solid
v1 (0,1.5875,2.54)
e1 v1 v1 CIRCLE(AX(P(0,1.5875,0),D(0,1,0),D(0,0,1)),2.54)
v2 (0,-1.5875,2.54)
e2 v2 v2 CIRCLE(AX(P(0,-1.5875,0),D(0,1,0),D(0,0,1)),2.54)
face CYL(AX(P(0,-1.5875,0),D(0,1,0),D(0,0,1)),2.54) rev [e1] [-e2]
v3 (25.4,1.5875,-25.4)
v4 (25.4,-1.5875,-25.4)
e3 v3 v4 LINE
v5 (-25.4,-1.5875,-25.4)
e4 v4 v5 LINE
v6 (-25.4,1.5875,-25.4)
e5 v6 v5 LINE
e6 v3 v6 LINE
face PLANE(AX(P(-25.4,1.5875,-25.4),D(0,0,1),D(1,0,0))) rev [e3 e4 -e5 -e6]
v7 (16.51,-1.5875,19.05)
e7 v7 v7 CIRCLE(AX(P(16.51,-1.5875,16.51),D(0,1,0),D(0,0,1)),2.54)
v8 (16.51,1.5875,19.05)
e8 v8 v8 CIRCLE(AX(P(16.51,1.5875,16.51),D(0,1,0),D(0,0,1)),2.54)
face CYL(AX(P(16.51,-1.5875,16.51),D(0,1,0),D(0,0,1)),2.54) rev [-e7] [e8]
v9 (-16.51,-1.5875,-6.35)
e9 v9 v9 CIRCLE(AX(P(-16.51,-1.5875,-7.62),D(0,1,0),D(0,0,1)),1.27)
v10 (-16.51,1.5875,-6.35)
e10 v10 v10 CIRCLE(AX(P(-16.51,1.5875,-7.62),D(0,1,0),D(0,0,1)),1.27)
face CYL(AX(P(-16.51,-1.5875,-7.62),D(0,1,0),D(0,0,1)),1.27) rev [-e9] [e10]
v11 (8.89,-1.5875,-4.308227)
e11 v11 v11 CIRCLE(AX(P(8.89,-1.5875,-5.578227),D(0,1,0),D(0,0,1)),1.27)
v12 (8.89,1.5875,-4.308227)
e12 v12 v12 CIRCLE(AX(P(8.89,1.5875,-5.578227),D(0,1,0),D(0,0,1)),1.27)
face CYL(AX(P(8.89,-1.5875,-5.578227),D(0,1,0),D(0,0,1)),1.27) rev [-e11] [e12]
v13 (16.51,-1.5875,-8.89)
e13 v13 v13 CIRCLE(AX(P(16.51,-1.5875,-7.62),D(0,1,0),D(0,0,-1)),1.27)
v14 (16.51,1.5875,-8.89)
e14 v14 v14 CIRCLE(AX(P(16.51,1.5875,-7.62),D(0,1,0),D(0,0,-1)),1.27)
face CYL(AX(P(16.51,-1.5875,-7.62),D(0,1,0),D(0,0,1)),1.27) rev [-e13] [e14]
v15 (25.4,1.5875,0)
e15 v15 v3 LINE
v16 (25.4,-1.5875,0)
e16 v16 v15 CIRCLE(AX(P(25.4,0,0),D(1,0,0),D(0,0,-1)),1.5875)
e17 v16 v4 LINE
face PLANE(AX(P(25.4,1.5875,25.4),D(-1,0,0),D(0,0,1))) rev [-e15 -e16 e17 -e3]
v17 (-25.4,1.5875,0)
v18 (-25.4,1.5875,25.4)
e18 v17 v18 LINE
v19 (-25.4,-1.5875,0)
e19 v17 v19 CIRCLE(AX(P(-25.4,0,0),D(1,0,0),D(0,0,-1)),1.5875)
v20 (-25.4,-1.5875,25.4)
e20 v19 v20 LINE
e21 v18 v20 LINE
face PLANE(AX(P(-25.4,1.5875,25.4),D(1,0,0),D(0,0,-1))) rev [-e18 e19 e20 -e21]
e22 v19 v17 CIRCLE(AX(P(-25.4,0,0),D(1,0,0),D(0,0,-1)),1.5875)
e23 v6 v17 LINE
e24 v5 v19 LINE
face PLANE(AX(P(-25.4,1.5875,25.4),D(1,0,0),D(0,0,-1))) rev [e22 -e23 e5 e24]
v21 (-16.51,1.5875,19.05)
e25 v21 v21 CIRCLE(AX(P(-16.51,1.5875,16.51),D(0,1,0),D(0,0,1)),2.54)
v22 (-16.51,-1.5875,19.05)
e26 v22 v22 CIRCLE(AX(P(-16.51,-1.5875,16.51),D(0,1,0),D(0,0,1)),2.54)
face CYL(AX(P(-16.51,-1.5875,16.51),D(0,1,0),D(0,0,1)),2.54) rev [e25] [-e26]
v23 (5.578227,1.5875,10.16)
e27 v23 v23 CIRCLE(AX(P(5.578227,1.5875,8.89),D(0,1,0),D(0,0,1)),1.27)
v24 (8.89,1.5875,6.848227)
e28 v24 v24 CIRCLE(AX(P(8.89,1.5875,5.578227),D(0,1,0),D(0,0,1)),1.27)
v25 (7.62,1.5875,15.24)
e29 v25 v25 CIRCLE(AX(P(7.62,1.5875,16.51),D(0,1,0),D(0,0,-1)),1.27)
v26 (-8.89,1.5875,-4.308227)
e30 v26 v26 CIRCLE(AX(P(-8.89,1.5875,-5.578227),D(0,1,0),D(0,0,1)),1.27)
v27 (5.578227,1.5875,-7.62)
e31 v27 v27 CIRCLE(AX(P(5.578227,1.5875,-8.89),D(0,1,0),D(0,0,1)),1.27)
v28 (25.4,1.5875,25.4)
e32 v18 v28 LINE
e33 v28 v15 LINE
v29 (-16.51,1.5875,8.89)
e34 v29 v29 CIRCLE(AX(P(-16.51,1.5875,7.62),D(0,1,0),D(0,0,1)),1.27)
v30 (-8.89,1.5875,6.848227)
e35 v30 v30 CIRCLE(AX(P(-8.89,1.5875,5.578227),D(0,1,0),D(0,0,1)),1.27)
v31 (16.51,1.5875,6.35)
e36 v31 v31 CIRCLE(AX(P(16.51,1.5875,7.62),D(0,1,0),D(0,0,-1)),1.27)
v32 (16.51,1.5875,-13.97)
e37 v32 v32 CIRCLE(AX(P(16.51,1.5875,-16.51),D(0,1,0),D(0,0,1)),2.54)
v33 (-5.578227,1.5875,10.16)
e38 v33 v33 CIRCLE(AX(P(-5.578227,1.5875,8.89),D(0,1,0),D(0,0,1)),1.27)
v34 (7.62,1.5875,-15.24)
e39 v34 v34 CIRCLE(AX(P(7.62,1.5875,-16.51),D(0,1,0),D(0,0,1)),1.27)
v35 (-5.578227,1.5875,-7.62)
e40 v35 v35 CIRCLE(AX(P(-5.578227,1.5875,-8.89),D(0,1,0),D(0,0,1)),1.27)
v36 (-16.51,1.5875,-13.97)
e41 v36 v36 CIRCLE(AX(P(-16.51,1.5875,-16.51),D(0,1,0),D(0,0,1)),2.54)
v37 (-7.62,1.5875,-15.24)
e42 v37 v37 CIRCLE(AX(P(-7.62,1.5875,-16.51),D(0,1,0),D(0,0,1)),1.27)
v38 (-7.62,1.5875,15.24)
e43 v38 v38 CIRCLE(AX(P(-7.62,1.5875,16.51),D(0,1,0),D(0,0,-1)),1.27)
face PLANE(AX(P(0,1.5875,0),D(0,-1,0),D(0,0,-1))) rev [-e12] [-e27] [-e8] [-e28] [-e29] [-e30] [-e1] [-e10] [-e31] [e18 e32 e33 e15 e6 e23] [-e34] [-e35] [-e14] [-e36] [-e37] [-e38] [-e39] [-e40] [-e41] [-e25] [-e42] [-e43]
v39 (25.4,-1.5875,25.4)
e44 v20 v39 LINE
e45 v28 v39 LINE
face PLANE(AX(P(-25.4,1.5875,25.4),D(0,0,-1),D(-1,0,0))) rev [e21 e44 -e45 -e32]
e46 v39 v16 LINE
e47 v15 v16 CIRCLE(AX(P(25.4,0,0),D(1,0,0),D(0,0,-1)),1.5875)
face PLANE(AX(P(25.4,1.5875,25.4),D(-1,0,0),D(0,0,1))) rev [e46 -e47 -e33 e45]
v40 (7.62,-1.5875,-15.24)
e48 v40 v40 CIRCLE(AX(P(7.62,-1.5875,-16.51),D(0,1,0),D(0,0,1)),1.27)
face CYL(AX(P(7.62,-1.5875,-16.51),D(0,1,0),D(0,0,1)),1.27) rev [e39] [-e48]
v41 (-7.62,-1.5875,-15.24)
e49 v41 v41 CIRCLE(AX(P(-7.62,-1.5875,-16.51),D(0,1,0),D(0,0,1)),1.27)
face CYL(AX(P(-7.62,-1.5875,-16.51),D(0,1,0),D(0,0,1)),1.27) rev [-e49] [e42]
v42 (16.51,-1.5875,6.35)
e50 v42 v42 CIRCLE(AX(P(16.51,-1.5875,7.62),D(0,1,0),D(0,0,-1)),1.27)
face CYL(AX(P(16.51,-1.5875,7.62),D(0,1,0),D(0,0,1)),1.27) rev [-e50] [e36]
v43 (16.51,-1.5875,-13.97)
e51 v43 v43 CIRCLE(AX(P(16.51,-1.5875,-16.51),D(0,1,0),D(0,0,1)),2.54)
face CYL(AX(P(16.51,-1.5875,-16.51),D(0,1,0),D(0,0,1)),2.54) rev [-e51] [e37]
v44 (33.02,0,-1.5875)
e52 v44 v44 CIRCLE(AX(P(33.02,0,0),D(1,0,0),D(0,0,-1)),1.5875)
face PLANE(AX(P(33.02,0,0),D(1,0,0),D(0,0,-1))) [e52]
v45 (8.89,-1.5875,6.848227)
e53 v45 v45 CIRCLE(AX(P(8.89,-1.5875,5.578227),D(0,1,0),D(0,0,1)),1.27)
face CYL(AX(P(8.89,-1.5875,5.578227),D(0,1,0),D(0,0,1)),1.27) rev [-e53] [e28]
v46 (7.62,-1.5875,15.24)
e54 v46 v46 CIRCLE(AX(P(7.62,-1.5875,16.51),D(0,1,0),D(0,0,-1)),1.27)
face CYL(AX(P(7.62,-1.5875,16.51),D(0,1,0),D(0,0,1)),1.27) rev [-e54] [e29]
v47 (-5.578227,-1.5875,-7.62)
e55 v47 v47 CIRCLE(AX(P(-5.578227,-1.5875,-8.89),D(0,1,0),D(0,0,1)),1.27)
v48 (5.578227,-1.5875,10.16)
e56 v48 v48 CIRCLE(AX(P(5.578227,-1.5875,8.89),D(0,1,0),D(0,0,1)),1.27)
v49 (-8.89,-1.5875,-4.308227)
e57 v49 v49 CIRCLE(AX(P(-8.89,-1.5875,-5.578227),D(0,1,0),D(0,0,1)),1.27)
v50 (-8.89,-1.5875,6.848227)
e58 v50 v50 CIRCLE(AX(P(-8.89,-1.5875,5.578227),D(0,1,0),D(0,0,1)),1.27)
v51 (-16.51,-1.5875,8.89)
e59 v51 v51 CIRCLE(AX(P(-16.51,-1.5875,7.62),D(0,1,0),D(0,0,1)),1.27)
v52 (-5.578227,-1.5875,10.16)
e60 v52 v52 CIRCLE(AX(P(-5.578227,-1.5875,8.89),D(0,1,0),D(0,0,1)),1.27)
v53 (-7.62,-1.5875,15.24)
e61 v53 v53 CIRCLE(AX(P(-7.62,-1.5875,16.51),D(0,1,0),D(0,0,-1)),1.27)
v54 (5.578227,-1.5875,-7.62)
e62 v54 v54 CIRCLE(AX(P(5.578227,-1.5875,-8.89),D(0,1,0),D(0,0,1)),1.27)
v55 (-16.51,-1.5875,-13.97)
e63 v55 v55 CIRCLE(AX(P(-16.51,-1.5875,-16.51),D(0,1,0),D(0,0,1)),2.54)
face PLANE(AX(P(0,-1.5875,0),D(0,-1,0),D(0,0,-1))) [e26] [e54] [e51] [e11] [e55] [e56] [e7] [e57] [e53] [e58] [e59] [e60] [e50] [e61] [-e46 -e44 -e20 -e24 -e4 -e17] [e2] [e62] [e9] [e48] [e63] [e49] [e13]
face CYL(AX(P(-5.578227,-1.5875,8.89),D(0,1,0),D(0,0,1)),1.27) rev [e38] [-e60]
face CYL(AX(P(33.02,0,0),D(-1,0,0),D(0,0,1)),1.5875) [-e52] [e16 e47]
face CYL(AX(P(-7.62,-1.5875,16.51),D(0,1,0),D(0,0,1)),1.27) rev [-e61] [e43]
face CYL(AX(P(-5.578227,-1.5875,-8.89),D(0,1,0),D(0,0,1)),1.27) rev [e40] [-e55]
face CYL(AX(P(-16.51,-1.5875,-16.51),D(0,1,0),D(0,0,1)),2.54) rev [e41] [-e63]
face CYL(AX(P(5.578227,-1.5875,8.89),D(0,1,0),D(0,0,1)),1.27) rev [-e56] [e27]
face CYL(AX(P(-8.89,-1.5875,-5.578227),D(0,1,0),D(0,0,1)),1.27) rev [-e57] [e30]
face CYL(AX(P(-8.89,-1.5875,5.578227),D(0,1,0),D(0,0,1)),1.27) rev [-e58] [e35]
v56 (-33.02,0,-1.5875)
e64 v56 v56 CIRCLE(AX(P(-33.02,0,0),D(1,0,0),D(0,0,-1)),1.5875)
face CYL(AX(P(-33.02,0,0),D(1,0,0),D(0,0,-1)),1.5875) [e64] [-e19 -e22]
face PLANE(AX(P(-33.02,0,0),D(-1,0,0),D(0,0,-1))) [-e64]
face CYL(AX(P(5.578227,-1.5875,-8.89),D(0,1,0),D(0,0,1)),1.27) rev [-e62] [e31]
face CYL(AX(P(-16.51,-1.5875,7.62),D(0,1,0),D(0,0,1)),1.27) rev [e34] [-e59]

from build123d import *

# Parameters (mm, degrees)
SKETCH1_W           = 50.8
SKETCH1_H           = 50.8
BOSS_EXTRUDE1_DEPTH = 1.5875
SKETCH3_R           = 1.5875
BOSS_EXTRUDE2_DEPTH = 7.62
SKETCH4_R           = 2.54
SKETCH4_R_2         = 1.27
CUT_EXTRUDE1_DEPTH  = 42.77991174


with BuildPart() as part:
    # Sketch1 → Boss-Extrude1 (new, symmetric)
    with BuildSketch(Plane(origin=(0, 0, 0), x_dir=(1, 0, 0), z_dir=(0, 1, 0))):
        Rectangle(SKETCH1_W, SKETCH1_H)
    extrude(amount=BOSS_EXTRUDE1_DEPTH, both=True)

    # Sketch3 → Boss-Extrude2 (add)
    with BuildSketch(Plane(origin=(25.4, 0, 0), x_dir=(0, 0, -1), z_dir=(1, 0, 0))):
        with Locations(Location((0, 0, 0), (0, 0, 270))):
            Circle(SKETCH3_R)
    boss_extrude2 = extrude(amount=BOSS_EXTRUDE2_DEPTH)

    # Mirror1: Boss-Extrude2 across plane
    add(boss_extrude2.mirror(Plane(origin=(0, 0, 0), x_dir=(0, 0, 1), z_dir=(1, 0, 0))))

    # Sketch4 → Cut-Extrude1 (cut, through all)
    with BuildSketch(Plane(origin=(0, 1.5875, 0), x_dir=(1, 0, 0), z_dir=(0, 1, 0))):
        with Locations(Location((0, 0, 0), (0, 0, 270))):
            Circle(SKETCH4_R)
        with Locations(Location((-16.51, 16.51, 0), (0, 0, 270))):
            Circle(SKETCH4_R)
        with Locations(Location((16.51, 16.51, 0), (0, 0, 270))):
            Circle(SKETCH4_R)
        with Locations(Location((16.51, -16.51, 0), (0, 0, 270))):
            Circle(SKETCH4_R)
        with Locations(Location((-16.51, -16.51, 0), (0, 0, 270))):
            Circle(SKETCH4_R)
        with Locations(Location((-16.51, 7.62, 0), (0, 0, 270))):
            Circle(SKETCH4_R_2)
        with Locations(Location((-7.62, 16.51, 0), (0, 0, 270))):
            Circle(SKETCH4_R_2)
        with Locations(Location((7.62, 16.51, 0), (0, 0, 270))):
            Circle(SKETCH4_R_2)
        with Locations(Location((-16.51, -7.62, 0), (0, 0, 270))):
            Circle(SKETCH4_R_2)
        with Locations(Location((7.62, -16.51, 0), (0, 0, 90))):
            Circle(SKETCH4_R_2)
        with Locations(Location((-7.62, -16.51, 0), (0, 0, 90))):
            Circle(SKETCH4_R_2)
        with Locations(Location((16.51, -7.62, 0), (0, 0, 90))):
            Circle(SKETCH4_R_2)
        with Locations(Location((16.51, 7.62, 0), (0, 0, 90))):
            Circle(SKETCH4_R_2)
        with Locations(Location((5.578227154, 8.89, 0), (0, 0, 270))):
            Circle(SKETCH4_R_2)
        with Locations(Location((-5.578227154, 8.89, 0), (0, 0, 270))):
            Circle(SKETCH4_R_2)
        with Locations(Location((8.89, -5.578227154, 0), (0, 0, 270))):
            Circle(SKETCH4_R_2)
        with Locations(Location((8.89, 5.578227154, 0), (0, 0, 270))):
            Circle(SKETCH4_R_2)
        with Locations(Location((-5.578227154, -8.89, 0), (0, 0, 270))):
            Circle(SKETCH4_R_2)
        with Locations(Location((5.578227154, -8.89, 0), (0, 0, 270))):
            Circle(SKETCH4_R_2)
        with Locations(Location((-8.89, 5.578227154, 0), (0, 0, 270))):
            Circle(SKETCH4_R_2)
        with Locations(Location((-8.89, -5.578227154, 0), (0, 0, 270))):
            Circle(SKETCH4_R_2)
    extrude(amount=-CUT_EXTRUDE1_DEPTH, mode=Mode.SUBTRACT)


solid = part.part
